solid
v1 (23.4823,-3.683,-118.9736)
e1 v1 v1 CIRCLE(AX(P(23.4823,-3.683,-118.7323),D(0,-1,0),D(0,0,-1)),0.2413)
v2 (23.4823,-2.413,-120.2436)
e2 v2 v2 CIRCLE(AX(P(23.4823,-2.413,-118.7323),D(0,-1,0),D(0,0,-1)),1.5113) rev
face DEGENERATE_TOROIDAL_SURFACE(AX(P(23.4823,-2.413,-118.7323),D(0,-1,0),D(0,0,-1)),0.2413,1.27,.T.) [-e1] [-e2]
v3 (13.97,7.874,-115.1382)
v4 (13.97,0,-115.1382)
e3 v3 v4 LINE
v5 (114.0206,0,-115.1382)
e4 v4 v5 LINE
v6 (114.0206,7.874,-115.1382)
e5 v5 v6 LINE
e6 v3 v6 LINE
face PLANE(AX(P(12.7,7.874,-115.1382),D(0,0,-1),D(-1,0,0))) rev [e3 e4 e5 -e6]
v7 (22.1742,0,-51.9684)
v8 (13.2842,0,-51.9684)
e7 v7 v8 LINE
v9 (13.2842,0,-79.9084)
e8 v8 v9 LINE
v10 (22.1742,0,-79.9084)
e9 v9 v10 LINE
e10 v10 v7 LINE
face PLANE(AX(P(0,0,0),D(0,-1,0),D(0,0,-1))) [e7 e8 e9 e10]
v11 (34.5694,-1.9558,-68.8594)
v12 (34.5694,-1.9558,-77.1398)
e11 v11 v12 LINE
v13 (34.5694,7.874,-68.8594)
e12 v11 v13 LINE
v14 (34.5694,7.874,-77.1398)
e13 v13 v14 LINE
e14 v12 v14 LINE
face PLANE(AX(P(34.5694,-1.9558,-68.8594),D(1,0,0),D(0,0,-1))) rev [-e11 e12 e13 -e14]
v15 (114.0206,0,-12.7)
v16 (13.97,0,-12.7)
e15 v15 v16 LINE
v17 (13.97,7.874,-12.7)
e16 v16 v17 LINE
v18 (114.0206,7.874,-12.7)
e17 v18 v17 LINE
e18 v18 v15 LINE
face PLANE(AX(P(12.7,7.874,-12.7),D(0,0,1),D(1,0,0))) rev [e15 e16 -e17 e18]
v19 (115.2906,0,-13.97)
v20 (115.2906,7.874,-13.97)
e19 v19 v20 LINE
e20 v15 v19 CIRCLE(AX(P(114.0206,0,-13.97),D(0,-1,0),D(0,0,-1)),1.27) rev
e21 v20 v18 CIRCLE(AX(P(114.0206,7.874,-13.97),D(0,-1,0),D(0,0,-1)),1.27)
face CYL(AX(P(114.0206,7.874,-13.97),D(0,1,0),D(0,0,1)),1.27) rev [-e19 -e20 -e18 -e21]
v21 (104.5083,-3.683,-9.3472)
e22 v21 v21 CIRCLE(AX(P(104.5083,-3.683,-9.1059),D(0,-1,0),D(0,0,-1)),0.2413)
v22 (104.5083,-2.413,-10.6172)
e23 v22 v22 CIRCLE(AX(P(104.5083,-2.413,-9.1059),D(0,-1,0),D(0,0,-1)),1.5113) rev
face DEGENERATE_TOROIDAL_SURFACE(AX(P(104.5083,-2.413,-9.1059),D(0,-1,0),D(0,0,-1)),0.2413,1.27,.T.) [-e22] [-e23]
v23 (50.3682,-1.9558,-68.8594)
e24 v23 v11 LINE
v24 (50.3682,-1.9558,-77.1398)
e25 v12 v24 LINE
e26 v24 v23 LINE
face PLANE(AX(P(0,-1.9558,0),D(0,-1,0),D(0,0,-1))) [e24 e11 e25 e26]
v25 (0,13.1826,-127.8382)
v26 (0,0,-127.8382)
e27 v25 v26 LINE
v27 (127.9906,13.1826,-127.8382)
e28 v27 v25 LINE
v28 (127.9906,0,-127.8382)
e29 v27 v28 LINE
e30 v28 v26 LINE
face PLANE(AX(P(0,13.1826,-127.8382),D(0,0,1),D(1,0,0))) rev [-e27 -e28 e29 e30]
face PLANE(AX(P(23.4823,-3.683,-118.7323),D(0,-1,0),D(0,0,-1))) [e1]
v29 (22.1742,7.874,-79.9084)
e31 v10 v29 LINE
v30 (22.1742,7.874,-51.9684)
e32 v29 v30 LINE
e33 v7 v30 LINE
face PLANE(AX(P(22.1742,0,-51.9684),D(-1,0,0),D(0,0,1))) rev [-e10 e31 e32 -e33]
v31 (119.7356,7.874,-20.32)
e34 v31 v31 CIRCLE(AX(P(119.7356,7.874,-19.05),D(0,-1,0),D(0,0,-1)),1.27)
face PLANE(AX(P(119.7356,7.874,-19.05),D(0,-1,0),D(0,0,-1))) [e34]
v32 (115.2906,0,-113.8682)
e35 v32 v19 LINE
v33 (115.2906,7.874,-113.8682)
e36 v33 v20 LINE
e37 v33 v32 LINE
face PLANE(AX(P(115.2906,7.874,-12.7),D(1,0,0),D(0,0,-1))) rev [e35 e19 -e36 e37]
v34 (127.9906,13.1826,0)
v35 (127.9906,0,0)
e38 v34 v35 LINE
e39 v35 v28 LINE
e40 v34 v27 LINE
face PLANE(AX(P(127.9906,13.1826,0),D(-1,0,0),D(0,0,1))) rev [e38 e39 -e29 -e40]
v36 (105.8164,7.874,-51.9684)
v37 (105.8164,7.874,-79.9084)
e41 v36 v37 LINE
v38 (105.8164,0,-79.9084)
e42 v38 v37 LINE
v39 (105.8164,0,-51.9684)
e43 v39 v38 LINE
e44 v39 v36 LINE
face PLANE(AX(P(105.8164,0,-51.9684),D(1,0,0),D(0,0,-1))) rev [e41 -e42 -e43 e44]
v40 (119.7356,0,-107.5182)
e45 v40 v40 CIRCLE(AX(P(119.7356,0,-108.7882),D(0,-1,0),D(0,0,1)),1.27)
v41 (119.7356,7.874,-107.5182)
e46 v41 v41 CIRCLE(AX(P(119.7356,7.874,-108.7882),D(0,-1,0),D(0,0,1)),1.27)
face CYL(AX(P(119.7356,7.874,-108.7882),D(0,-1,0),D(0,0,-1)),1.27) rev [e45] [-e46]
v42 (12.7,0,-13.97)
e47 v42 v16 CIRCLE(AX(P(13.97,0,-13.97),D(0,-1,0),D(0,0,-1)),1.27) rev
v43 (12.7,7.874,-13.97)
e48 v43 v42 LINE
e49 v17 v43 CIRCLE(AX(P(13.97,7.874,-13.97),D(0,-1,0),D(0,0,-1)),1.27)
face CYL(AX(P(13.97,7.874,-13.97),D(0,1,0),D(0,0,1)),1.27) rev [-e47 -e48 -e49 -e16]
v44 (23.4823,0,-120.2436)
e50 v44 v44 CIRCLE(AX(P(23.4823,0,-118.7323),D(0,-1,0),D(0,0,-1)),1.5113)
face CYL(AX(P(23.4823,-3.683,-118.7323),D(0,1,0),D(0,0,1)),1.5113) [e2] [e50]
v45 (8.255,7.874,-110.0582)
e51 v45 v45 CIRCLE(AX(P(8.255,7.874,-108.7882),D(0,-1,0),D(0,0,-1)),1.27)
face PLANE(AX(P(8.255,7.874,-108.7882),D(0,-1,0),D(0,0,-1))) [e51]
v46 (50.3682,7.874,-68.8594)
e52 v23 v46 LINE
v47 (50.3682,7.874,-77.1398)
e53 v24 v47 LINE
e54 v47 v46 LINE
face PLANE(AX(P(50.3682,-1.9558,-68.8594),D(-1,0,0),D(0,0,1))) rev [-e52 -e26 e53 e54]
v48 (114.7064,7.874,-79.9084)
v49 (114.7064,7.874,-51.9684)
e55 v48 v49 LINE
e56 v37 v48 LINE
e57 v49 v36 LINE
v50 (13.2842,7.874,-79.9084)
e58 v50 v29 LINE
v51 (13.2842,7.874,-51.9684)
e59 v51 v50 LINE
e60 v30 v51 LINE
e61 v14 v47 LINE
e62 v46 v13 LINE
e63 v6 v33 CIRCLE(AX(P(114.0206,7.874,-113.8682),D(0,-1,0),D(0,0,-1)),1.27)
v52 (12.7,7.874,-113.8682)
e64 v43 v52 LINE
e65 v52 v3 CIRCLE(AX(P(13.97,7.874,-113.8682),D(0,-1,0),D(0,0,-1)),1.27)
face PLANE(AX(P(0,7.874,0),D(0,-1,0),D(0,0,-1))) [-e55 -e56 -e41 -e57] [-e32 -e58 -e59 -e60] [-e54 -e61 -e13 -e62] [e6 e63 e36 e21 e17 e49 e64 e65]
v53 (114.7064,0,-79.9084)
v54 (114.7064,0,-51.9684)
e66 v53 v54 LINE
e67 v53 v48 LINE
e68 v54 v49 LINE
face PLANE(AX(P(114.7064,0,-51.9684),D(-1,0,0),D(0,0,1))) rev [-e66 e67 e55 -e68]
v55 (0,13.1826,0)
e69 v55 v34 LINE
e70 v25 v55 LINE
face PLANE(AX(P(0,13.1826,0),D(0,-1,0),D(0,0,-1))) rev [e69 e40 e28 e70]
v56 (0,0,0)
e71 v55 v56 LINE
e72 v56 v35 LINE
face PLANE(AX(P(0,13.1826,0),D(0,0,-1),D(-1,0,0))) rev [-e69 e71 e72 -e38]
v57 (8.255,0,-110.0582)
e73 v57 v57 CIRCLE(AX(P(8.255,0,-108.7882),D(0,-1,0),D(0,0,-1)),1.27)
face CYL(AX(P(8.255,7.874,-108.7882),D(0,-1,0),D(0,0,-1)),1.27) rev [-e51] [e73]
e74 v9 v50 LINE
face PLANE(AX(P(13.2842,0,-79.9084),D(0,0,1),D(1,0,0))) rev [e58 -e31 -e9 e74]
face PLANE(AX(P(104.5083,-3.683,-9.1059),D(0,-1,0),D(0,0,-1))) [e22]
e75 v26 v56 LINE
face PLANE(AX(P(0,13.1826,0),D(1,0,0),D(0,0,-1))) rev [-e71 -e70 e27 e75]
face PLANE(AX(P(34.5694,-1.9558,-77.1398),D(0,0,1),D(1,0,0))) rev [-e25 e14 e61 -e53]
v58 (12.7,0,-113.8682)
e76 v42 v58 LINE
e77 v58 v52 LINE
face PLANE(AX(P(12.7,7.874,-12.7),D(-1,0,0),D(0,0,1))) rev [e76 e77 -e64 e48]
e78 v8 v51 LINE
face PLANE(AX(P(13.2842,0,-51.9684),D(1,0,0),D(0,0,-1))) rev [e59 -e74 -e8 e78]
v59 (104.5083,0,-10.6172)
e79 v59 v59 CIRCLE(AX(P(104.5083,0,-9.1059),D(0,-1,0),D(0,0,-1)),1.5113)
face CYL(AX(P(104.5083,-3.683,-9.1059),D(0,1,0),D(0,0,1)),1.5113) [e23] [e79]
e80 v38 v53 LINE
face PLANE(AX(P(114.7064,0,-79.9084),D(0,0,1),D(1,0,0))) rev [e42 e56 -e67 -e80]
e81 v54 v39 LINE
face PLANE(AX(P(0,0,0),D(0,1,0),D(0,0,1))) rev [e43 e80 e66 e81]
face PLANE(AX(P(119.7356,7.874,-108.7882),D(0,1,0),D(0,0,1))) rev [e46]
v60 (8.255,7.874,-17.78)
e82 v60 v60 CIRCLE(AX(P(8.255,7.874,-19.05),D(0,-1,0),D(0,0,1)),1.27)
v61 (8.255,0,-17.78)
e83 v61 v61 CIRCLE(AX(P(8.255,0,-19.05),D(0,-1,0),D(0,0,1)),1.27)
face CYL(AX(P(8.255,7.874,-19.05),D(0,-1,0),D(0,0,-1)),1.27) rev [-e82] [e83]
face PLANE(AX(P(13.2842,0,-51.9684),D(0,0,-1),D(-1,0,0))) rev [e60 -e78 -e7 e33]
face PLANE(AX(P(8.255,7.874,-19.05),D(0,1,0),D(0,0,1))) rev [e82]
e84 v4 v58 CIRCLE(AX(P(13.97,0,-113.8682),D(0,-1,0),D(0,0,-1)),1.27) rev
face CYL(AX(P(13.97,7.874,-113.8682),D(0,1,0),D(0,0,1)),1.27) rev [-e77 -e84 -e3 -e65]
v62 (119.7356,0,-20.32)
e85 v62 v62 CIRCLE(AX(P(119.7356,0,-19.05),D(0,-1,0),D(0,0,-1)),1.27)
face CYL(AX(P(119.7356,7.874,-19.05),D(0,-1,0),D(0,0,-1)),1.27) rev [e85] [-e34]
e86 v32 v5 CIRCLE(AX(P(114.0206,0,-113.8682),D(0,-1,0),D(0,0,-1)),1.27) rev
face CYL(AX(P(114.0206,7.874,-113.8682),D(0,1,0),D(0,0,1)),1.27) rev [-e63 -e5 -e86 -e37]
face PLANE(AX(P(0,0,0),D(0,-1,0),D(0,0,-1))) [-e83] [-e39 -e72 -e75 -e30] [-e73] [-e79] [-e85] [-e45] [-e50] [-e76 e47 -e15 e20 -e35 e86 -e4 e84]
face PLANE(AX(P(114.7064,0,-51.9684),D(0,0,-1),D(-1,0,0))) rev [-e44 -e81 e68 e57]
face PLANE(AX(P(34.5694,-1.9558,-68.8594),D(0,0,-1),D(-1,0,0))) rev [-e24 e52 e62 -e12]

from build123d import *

# Parameters (mm, degrees)
SKETCH1_W           = 127.9906
SKETCH1_H           = 127.8382
BOSS_EXTRUDE1_DEPTH = 13.1826
SKETCH2_W           = 102.5906
SKETCH2_H           = 102.4382
CUT_EXTRUDE1_DEPTH  = 7.874
SKETCH3_R           = 1.27
CUT_EXTRUDE2_DEPTH  = 7.874
SKETCH4_W           = 15.7988
SKETCH4_H           = 8.2804
BOSS_EXTRUDE2_DEPTH = 9.8298
SKETCH5_W           = 8.89
SKETCH5_H           = 27.94
BOSS_EXTRUDE3_DEPTH = 7.874
SKETCH6_R           = 1.5113
BOSS_EXTRUDE4_DEPTH = 3.683
FILLET3_R           = 1.27
FILLET4_R           = 1.27
FILLET5_R           = 1.27
FILLET6_R           = 1.27
FILLET8_R           = 1.27
FILLET9_R           = 1.27


with BuildPart() as part:
    # Sketch1 → Boss-Extrude1 (new body)
    with BuildSketch(Plane(origin=(0, 0, 0), x_dir=(1, 0, 0), z_dir=(0, 1, 0))):
        with Locations((63.9953, 63.9191)):
            Rectangle(SKETCH1_W, SKETCH1_H)
    extrude(amount=BOSS_EXTRUDE1_DEPTH)

    # Sketch2 → Cut-Extrude1 (cut)
    with BuildSketch(Plane.XZ):
        with Locations((63.9953, -63.9191)):
            Rectangle(SKETCH2_W, SKETCH2_H)
    extrude(amount=-CUT_EXTRUDE1_DEPTH, mode=Mode.SUBTRACT)

    # Sketch3 → Cut-Extrude2 (cut)
    with BuildSketch(Plane.XZ):
        with Locations((8.255, -108.7882)):
            Circle(SKETCH3_R)
        with Locations((8.255, -19.05)):
            Circle(SKETCH3_R)
        with Locations((119.7356, -108.7882)):
            Circle(SKETCH3_R)
        with Locations((119.7356, -19.05)):
            Circle(SKETCH3_R)
    extrude(amount=-CUT_EXTRUDE2_DEPTH, mode=Mode.SUBTRACT)

    # Sketch4 → Boss-Extrude2 (add)
    with BuildSketch(Plane(origin=(0, 7.874, 0), x_dir=(-1, 0, 0), z_dir=(0, -1, 0))):
        with Locations((-42.4688, 72.9996)):
            Rectangle(SKETCH4_W, SKETCH4_H)
    extrude(amount=BOSS_EXTRUDE2_DEPTH)

    # Sketch5 → Boss-Extrude3 (add)
    with BuildSketch(Plane(origin=(0, 7.874, 0), x_dir=(-1, 0, 0), z_dir=(0, -1, 0))):
        with Locations((-17.7292, 65.9384)):
            Rectangle(SKETCH5_W, SKETCH5_H)
        with Locations((-110.2614, 65.9384)):
            Rectangle(SKETCH5_W, SKETCH5_H)
    extrude(amount=BOSS_EXTRUDE3_DEPTH)

    # Sketch6 → Boss-Extrude4 (add)
    with BuildSketch(Plane(origin=(0, 0, 0), x_dir=(-1, 0, 0), z_dir=(0, -1, 0))):
        with Locations((-23.4823, 118.7323)):
            Circle(SKETCH6_R)
        with Locations((-104.5083, 9.1059)):
            Circle(SKETCH6_R)
    extrude(amount=BOSS_EXTRUDE4_DEPTH)

    # Fillet3
    fillet3_edges = [part.edges().sort_by_distance(p)[0] for p in [
        (12.7, 3.937, -115.1382),
    ]]
    fillet(fillet3_edges, radius=FILLET3_R)

    # Fillet4
    fillet4_edges = [part.edges().sort_by_distance(p)[0] for p in [
        (12.7, 3.937, -12.7),
    ]]
    fillet(fillet4_edges, radius=FILLET4_R)

    # Fillet5
    fillet5_edges = [part.edges().sort_by_distance(p)[0] for p in [
        (115.2906, 3.937, -12.7),
    ]]
    fillet(fillet5_edges, radius=FILLET5_R)

    # Fillet6
    fillet6_edges = [part.edges().sort_by_distance(p)[0] for p in [
        (115.2906, 3.937, -115.1382),
    ]]
    fillet(fillet6_edges, radius=FILLET6_R)

    # Fillet8
    fillet8_edges = [part.edges().sort_by_distance(p)[0] for p in [
        (24.9936, -3.683, -118.7323),
    ]]
    fillet(fillet8_edges, radius=FILLET8_R)

    # Fillet9
    fillet9_edges = [part.edges().sort_by_distance(p)[0] for p in [
        (106.0196, -3.683, -9.1059),
    ]]
    fillet(fillet9_edges, radius=FILLET9_R)


solid = part.part
